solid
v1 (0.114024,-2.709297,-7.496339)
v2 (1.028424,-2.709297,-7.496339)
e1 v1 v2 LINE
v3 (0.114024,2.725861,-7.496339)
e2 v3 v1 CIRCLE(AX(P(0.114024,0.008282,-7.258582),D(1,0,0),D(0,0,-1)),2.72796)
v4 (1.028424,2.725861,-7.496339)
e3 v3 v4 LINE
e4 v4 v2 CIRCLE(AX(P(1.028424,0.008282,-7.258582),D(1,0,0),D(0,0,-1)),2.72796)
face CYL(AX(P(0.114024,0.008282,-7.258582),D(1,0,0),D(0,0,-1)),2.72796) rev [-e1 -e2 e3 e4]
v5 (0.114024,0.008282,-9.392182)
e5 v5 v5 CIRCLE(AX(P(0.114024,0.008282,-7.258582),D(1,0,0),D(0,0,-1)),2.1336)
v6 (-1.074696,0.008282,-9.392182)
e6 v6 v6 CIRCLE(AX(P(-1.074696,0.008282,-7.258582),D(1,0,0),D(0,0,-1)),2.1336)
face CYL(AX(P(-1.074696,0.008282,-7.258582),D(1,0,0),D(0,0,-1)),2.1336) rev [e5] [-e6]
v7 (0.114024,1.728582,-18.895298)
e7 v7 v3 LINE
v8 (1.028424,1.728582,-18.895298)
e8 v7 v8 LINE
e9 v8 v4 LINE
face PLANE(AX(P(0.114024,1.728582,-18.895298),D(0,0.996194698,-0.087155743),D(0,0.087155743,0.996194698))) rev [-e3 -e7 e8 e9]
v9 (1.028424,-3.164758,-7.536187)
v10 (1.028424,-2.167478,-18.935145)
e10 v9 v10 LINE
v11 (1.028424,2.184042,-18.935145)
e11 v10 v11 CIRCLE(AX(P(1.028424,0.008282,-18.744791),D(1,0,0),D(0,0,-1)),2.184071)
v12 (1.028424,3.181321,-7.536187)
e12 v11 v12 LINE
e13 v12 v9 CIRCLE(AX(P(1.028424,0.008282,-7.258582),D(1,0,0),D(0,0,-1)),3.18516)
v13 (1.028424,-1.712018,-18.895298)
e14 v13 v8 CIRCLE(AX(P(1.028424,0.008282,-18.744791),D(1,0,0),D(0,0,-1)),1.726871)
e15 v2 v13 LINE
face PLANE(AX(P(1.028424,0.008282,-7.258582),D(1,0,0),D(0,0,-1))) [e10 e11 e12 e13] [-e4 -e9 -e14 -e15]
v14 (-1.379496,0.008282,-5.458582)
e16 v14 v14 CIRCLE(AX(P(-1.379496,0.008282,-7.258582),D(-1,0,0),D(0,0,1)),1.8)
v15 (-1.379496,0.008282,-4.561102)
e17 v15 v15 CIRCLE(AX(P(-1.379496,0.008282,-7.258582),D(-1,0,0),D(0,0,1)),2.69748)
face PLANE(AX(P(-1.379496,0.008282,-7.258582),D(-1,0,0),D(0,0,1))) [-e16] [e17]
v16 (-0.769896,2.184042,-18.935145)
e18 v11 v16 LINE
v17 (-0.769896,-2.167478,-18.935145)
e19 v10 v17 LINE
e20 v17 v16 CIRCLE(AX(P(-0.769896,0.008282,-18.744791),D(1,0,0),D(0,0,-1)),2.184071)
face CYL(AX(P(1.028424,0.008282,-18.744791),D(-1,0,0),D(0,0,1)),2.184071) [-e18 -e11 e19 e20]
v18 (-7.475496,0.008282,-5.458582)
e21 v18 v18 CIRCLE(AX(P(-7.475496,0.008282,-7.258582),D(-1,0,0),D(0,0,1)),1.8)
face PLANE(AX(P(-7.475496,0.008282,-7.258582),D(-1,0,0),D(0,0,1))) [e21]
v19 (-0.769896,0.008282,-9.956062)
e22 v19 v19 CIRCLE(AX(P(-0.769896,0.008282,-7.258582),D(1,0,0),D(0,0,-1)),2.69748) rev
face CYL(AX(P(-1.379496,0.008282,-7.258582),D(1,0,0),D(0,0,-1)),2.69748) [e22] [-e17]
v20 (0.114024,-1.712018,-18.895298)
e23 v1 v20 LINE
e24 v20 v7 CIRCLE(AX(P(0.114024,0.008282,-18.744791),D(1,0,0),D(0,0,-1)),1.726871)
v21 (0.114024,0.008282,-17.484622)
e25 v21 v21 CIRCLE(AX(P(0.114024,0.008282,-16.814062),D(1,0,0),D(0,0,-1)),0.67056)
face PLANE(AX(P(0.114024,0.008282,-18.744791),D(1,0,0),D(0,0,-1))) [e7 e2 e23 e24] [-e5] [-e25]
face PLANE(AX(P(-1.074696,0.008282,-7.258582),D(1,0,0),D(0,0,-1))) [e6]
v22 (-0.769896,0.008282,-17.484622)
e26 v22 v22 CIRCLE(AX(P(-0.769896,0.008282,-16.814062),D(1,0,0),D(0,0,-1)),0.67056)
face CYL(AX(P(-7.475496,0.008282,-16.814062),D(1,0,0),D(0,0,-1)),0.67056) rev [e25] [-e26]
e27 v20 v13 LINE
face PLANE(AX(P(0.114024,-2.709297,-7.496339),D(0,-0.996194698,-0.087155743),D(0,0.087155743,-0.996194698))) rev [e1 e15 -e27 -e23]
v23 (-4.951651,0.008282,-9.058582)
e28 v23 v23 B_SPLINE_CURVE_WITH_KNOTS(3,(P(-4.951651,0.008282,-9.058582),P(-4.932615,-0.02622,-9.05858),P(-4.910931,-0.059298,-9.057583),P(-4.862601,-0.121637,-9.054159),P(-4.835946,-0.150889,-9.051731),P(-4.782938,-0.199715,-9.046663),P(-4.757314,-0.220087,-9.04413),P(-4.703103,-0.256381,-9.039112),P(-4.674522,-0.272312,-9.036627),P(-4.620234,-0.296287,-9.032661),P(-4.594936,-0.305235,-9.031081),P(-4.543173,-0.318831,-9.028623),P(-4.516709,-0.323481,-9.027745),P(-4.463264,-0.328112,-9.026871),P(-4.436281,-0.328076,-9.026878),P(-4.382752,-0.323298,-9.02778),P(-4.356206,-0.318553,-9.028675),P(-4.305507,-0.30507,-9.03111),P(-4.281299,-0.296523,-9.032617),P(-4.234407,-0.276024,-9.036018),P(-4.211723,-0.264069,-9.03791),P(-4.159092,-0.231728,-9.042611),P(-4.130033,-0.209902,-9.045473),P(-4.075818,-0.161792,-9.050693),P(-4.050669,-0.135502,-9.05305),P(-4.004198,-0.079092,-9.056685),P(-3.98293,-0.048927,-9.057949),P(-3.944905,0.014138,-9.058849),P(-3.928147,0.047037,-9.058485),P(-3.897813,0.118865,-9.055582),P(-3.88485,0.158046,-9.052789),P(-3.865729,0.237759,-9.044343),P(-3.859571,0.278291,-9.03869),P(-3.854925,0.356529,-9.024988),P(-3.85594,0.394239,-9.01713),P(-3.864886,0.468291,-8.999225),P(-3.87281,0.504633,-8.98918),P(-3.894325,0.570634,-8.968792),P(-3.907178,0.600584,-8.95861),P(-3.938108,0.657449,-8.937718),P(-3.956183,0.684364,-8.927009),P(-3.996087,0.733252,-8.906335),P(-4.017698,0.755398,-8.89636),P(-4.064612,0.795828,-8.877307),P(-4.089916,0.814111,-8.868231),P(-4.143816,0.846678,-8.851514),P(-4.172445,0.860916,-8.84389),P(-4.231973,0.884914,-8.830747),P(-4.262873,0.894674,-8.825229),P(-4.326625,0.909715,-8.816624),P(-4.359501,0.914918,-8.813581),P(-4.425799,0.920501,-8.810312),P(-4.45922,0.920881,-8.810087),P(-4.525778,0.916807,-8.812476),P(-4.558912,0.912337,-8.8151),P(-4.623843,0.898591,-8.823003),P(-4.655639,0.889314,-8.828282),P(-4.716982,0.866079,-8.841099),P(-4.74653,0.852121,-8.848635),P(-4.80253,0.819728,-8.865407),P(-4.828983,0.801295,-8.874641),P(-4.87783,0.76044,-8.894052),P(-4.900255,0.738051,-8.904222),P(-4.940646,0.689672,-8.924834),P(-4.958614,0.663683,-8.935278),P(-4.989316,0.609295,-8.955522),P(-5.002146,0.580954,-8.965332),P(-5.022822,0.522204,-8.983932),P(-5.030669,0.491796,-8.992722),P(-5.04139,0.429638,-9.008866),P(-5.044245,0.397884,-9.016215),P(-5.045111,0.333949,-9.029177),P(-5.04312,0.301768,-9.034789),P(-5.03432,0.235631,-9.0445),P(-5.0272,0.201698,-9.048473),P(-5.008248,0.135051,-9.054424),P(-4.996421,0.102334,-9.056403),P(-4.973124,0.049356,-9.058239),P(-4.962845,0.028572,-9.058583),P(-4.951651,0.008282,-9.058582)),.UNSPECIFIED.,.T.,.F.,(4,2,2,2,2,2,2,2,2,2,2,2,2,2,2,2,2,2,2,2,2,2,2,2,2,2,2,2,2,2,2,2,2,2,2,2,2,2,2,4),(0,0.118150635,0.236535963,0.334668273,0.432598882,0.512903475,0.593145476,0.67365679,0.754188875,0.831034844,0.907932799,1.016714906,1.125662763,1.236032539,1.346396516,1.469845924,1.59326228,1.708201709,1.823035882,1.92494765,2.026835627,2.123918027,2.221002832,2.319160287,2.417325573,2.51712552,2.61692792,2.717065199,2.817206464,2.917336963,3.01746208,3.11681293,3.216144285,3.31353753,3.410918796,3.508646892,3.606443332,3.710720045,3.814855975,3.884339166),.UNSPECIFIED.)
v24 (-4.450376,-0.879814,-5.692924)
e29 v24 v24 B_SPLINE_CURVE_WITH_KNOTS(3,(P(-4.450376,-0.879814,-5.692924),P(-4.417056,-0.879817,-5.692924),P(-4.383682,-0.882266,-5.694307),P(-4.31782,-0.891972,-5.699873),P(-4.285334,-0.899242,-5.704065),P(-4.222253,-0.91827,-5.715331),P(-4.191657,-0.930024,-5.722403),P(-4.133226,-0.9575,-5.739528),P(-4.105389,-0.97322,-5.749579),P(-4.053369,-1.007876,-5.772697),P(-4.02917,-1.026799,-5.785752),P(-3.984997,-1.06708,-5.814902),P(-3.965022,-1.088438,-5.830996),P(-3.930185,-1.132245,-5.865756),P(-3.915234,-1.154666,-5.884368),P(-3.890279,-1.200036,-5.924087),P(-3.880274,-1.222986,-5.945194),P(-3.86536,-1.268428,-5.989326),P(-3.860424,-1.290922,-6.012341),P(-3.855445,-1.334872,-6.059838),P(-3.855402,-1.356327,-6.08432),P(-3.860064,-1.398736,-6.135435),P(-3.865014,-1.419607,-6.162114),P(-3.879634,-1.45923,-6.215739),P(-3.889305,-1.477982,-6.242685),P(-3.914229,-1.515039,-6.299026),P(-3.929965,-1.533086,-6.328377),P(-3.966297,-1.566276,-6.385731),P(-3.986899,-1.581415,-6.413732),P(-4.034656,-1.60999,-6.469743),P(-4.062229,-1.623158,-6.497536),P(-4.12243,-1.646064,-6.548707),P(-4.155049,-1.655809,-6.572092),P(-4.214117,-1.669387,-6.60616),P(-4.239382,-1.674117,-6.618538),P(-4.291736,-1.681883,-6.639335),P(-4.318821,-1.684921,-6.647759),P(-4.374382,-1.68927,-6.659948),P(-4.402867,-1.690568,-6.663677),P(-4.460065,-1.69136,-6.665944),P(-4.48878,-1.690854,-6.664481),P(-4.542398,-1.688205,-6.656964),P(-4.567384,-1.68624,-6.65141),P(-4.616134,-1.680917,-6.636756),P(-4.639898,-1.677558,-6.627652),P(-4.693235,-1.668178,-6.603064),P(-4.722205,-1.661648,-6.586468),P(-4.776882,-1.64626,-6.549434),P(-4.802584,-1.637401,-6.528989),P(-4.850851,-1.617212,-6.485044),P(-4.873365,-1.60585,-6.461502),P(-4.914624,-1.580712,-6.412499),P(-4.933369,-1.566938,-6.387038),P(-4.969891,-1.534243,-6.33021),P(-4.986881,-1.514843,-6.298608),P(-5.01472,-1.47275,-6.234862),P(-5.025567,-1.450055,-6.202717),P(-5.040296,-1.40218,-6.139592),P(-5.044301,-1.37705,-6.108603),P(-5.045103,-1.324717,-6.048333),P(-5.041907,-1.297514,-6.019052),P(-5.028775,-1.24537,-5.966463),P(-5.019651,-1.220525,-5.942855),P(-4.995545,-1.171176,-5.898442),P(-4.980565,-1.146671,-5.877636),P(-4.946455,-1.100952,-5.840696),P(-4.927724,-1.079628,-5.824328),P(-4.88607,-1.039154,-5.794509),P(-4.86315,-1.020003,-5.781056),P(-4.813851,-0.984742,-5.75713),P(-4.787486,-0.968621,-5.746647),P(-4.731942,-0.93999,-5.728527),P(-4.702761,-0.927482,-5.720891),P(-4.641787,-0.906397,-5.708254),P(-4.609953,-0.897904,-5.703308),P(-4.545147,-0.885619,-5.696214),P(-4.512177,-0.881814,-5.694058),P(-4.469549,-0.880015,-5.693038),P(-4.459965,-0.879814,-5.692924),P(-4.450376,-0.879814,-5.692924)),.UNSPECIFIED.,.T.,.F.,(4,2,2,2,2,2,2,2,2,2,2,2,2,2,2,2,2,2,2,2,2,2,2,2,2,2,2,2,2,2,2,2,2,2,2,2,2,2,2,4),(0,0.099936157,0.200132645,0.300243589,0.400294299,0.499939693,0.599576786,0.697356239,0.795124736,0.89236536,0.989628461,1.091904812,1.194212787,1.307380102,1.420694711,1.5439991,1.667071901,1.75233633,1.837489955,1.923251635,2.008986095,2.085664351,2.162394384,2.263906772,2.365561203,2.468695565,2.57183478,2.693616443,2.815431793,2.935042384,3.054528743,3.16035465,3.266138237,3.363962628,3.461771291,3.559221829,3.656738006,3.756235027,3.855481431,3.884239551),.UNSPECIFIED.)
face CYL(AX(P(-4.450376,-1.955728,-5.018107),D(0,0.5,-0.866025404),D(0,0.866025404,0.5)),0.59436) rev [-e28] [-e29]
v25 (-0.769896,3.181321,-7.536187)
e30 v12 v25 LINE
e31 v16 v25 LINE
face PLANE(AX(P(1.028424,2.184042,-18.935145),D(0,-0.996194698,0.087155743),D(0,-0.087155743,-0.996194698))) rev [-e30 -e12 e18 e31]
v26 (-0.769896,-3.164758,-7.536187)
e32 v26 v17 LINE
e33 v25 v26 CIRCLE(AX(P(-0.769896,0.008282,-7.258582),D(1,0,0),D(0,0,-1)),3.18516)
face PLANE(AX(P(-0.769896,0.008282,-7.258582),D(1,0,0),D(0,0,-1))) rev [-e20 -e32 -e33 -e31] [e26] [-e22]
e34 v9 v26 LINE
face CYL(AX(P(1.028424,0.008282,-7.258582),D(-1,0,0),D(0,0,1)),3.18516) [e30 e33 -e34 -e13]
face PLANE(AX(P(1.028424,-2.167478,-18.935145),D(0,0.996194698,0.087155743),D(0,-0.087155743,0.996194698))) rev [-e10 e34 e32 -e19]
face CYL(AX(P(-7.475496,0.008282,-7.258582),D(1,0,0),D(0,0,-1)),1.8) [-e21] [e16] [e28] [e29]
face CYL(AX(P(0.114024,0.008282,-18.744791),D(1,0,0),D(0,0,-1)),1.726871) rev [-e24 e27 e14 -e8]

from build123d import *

# Parameters (mm, degrees)
BOSS_EXTRUDE1_DEPTH = 2.9972
SKETCH2_R           = 3
BOSS_EXTRUDE2_DEPTH = 11.176
SKETCH3_R           = 4.4958
BOSS_EXTRUDE3_DEPTH = 1.016
CUT_EXTRUDE1_DEPTH  = 1.524
SKETCH5_R           = 3.556
CUT_EXTRUDE2_DEPTH  = 1.9812
SKETCH6_R           = 1.1176
CUT_EXTRUDE3_DEPTH  = 32.262860272
SKETCH9_R           = 0.9906
CUT_EXTRUDE4_DEPTH  = 10.16
SCALE1_SCALE        = 0.6


with BuildPart() as part:
    # Sketch1 → Boss-Extrude1 (new body)
    with BuildSketch(Plane(origin=(0, 0, 0), x_dir=(0, 0, -1), z_dir=(1, 0, 0))):
        with BuildLine():
            Line((24.769539012, 3.626266444), (5.771274976, 5.288399174))
            ThreePointArc((5.771274976, 5.288399174), (0, 0), (5.771274976, -5.288399174))
            Line((5.771274976, -5.288399174), (24.769539012, -3.626266444))
            ThreePointArc((24.769539012, -3.626266444), (28.0924, 0), (24.769539012, 3.626266444))
        make_face()
    extrude(amount=BOSS_EXTRUDE1_DEPTH)

    # Sketch2 → Boss-Extrude2 (add)
    with BuildSketch(Plane.ZY):
        with Locations(Location((-5.3086, 0, 0), (0, 0, 180))):
            Circle(SKETCH2_R)
    extrude(amount=BOSS_EXTRUDE2_DEPTH)

    # Sketch3 → Boss-Extrude3 (add)
    with BuildSketch(Plane.ZY):
        with Locations(Location((-5.3086, 0, 0), (0, 0, 180))):
            Circle(SKETCH3_R)
    extrude(amount=BOSS_EXTRUDE3_DEPTH)

    # Sketch4 → Cut-Extrude1 (cut)
    with BuildSketch(Plane(origin=(2.9972, 0, 0), x_dir=(0, 0, -1), z_dir=(1, 0, 0))):
        with BuildLine():
            Line((24.703126336, 2.867166085), (5.7048623, 4.529298814))
            ThreePointArc((5.7048623, 4.529298814), (0.762, 0), (5.7048623, -4.529298814))
            Line((5.7048623, -4.529298814), (24.703126336, -2.867166085))
            ThreePointArc((24.703126336, -2.867166085), (27.3304, 0), (24.703126336, 2.867166085))
        make_face()
    extrude(amount=-CUT_EXTRUDE1_DEPTH, mode=Mode.SUBTRACT)

    # Sketch5 → Cut-Extrude2 (cut)
    with BuildSketch(Plane(origin=(1.4732, 0, 0), x_dir=(0, 0, -1), z_dir=(1, 0, 0))):
        with Locations((5.3086, 0)):
            Circle(SKETCH5_R)
    extrude(amount=-CUT_EXTRUDE2_DEPTH, mode=Mode.SUBTRACT)

    # Sketch6 → Cut-Extrude3 (cut, through all)
    with BuildSketch(Plane(origin=(1.4732, 0, 0), x_dir=(0, 0, -1), z_dir=(1, 0, 0))):
        with Locations((21.2344, 0)):
            Circle(SKETCH6_R)
    extrude(amount=-CUT_EXTRUDE3_DEPTH, mode=Mode.SUBTRACT)

    # Sketch9 → Cut-Extrude4 (cut)
    with BuildSketch(Plane(origin=(0, 4.943430386, -8.562272593), x_dir=(-1, 0, 0), z_dir=(0, 0.5000000000000044, -0.866025403784436))):
        with Locations(Location((6.134133556, -3.622041732, 0), (0, 0, 90))):
            Circle(SKETCH9_R)
    extrude(amount=-CUT_EXTRUDE4_DEPTH, mode=Mode.SUBTRACT)


with BuildPart() as part_1:
    # Scale1: scaled about (-1.924771694, 0.020710346, -10.183561465)
    add(part.part.scale(SCALE1_SCALE).moved(Location((-0.769908678, 0.008284138, -4.073424586))))


solid = part_1.part
